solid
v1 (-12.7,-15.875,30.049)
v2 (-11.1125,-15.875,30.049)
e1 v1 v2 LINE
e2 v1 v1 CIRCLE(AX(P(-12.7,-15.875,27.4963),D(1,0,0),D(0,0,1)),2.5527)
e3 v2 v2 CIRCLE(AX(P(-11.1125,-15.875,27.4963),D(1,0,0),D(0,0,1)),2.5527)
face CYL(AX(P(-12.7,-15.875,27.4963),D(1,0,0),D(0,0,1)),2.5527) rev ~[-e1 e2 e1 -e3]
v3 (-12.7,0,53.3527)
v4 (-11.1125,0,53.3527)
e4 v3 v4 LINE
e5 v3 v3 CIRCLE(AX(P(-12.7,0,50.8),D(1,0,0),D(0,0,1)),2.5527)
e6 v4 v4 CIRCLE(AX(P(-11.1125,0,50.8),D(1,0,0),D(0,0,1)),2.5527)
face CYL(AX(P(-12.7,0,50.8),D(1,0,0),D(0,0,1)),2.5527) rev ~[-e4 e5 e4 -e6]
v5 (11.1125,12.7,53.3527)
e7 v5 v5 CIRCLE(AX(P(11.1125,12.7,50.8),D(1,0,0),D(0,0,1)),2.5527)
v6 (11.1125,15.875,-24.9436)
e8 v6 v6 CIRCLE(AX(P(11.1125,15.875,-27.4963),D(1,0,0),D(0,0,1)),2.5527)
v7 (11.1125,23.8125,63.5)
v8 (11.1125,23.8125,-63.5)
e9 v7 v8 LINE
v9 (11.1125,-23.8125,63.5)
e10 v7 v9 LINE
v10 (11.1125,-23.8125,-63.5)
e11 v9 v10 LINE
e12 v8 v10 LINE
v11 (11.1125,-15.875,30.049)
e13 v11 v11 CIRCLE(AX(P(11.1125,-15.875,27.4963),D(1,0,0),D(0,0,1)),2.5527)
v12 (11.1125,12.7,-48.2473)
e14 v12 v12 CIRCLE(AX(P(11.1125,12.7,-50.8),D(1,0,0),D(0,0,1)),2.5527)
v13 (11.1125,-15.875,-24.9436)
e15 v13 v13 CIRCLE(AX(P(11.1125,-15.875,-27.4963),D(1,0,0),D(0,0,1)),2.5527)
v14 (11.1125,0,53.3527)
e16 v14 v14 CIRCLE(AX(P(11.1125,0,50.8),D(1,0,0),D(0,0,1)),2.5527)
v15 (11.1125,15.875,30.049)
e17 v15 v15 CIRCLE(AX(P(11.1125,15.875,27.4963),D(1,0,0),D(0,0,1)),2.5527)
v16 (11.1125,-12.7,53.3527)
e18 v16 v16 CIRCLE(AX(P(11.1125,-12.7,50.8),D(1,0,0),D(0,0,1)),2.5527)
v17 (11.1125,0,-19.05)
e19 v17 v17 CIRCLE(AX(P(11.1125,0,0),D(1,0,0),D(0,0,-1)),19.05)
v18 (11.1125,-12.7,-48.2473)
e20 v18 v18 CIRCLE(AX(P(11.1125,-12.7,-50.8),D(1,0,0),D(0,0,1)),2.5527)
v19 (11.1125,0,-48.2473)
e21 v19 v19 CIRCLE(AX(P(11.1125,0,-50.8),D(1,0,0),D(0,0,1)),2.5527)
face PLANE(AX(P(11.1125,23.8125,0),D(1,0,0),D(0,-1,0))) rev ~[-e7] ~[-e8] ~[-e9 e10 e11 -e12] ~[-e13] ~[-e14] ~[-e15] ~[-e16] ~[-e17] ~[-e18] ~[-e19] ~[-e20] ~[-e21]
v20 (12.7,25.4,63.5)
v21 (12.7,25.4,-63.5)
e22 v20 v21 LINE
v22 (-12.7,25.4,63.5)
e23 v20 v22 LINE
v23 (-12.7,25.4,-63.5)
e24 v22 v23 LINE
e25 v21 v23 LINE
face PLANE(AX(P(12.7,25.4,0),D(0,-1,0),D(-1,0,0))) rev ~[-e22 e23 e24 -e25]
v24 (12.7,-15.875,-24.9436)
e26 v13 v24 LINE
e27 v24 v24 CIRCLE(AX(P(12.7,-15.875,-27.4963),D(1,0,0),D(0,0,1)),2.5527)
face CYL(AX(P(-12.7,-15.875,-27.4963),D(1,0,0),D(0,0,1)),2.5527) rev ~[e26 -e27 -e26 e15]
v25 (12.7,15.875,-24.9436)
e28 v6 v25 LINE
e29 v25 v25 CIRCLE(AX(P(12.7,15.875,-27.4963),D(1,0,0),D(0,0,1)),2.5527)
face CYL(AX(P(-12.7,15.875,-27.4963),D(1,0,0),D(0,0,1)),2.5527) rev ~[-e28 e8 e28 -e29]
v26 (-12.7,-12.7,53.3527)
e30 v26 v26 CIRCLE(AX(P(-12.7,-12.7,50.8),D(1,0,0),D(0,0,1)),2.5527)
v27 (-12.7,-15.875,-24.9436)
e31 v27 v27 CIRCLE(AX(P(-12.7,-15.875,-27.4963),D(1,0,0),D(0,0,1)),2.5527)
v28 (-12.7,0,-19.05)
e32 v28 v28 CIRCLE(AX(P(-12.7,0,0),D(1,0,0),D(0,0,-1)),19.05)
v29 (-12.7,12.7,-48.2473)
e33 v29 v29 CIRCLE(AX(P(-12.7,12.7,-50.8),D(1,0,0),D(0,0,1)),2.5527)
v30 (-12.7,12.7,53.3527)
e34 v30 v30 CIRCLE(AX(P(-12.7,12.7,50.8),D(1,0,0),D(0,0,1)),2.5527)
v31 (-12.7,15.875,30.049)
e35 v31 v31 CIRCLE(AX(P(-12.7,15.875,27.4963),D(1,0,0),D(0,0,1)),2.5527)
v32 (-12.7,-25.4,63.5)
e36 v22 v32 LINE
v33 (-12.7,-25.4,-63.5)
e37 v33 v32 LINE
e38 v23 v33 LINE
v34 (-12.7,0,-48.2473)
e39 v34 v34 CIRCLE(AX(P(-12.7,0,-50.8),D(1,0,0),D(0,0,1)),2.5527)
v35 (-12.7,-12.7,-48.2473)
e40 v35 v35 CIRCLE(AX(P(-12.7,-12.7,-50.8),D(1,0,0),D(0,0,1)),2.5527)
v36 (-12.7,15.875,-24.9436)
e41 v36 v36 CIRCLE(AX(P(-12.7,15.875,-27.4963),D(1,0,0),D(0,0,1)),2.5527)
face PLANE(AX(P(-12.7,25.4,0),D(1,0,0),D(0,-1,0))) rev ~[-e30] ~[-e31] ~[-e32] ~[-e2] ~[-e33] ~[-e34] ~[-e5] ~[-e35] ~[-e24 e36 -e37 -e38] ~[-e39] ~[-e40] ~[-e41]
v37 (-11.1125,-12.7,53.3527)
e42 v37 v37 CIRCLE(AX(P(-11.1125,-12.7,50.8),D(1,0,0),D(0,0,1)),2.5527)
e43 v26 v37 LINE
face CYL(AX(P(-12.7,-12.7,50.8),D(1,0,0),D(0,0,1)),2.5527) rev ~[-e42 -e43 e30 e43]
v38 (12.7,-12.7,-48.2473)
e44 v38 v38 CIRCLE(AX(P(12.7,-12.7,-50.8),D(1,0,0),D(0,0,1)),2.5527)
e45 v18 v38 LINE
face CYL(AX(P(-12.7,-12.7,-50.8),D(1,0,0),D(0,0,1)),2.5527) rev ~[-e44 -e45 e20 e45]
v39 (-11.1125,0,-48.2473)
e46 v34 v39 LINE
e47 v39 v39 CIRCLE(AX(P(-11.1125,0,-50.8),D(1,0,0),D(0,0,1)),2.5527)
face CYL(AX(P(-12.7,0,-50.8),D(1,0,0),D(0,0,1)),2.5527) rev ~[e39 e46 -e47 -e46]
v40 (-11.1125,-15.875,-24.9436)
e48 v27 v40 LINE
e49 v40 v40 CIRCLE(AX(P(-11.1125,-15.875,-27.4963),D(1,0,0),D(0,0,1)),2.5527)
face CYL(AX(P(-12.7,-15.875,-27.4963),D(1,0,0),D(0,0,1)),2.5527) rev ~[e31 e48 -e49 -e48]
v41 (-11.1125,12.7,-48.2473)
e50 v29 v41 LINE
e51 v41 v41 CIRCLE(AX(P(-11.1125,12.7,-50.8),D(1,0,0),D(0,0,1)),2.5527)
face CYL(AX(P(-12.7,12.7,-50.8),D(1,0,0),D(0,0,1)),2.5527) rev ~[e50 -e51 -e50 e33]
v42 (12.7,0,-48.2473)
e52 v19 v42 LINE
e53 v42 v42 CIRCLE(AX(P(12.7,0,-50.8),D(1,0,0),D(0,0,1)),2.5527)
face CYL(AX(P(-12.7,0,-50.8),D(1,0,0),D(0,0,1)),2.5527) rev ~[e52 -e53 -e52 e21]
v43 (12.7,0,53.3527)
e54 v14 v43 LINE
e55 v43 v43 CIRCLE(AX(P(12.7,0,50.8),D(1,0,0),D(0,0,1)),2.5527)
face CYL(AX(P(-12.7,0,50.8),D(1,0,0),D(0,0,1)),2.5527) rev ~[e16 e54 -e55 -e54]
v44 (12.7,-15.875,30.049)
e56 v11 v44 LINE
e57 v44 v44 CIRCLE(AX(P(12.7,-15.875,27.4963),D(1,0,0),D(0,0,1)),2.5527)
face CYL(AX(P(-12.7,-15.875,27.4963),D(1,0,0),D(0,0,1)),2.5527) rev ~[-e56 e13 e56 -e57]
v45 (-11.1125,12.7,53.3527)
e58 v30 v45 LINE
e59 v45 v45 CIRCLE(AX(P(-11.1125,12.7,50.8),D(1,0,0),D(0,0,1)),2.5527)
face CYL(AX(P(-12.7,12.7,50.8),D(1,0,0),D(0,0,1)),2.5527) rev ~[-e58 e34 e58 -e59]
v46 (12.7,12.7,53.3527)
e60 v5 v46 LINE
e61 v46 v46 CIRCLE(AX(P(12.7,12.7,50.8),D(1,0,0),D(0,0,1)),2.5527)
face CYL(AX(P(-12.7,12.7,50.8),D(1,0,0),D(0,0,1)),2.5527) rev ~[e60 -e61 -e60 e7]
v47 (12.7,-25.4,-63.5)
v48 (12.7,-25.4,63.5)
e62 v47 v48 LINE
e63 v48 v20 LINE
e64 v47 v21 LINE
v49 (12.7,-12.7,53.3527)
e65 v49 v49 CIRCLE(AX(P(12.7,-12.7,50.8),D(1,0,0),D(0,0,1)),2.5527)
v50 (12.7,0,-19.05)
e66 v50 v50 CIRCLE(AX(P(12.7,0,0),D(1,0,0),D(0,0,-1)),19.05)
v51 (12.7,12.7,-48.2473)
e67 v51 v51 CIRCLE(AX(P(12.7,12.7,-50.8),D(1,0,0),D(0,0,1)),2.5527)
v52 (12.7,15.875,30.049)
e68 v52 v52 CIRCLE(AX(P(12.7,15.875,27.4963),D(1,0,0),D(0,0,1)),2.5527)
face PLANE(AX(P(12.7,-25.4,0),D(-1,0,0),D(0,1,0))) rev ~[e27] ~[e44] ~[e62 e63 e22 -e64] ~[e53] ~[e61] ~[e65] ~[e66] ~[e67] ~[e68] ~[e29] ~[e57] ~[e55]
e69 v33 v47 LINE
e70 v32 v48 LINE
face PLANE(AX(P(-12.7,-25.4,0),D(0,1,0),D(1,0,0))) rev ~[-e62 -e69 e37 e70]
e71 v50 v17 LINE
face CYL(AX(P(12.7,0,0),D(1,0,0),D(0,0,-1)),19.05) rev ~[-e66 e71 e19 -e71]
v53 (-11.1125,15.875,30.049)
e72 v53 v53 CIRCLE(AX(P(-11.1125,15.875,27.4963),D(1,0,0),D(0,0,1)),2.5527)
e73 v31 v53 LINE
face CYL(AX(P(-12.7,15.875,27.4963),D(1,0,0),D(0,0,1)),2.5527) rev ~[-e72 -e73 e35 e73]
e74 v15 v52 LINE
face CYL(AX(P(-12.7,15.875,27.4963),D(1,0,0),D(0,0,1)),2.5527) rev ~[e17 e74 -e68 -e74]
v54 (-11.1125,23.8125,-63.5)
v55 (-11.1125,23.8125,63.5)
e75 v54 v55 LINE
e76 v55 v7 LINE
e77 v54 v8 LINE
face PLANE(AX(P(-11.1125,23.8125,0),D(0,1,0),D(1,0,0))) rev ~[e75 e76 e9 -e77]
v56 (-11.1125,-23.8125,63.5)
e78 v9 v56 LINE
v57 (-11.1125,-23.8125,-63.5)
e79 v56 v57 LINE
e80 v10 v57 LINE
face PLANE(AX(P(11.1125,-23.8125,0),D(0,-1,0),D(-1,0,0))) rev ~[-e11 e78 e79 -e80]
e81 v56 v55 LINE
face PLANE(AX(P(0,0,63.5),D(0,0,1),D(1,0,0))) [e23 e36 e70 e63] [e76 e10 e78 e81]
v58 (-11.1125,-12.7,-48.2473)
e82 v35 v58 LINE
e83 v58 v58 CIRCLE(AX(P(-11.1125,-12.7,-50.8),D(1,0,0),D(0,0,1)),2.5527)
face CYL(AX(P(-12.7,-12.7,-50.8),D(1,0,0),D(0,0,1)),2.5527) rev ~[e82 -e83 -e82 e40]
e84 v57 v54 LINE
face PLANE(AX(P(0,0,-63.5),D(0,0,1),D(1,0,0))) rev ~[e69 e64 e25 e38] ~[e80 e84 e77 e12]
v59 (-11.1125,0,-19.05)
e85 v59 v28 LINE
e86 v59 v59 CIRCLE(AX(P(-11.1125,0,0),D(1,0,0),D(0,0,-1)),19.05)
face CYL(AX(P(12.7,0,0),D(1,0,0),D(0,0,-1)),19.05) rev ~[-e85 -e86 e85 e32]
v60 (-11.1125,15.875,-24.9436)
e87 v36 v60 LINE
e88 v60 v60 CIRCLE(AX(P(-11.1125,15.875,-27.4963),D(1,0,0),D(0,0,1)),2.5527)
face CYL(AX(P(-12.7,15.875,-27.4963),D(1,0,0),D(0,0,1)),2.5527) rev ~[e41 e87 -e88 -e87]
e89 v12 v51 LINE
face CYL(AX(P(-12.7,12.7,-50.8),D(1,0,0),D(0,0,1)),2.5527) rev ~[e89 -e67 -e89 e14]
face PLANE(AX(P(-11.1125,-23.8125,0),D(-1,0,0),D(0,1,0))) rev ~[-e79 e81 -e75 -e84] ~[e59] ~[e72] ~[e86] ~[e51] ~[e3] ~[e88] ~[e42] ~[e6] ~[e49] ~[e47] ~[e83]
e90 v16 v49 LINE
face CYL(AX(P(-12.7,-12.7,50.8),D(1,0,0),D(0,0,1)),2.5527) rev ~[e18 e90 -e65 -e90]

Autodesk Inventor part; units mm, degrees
ref_plane "YZ Plane" through (0, 0, 0) normal (1, 0, 0) x (0, 1, 0)
ref_plane "XZ Plane" through (0, 0, 0) normal (0, 1, 0) x (-1, 0, 0)
ref_plane "XY Plane" through (0, 0, 0) normal (0, 0, 1) x (1, 0, 0)
sketch "Sketch1" plane through (0, 0, 0) normal (0, 0, 1) x (1, 0, 0)
  line L0 (-12.7, -25.4) -> (12.7, -25.4)
  line L1 (12.7, -25.4) -> (12.7, 25.4)
  line L2 (12.7, 25.4) -> (-12.7, 25.4)
  line L3 (-12.7, 25.4) -> (-12.7, -25.4)
  line L4 (-12.7, -25.4) -> (12.7, 25.4) construction
  line L5 (12.7, -25.4) -> (-12.7, 25.4) construction
  line L6 (-11.1125, 23.8125) -> (11.1125, 23.8125)
  line L7 (11.1125, 23.8125) -> (11.1125, -23.8125)
  line L8 (11.1125, -23.8125) -> (-11.1125, -23.8125)
  line L9 (-11.1125, -23.8125) -> (-11.1125, 23.8125)
  point P0 (0, 0)
  dimension "width" = 25.4
  dimension "height" = 50.8
  dimension "thickness" = 1.5875
extrude "Extrusion1" add sketch "Sketch1" along normal mid plane 127
sketch "Sketch2" plane through (-12.7, -25.4, 63.5) normal (-1, 0, 0) x (0, 0, 1)
  circle A0 centre (-63.5, 25.4) radius 31.75 construction
  line L0 (-127, 0) -> (-127, 50.8) projected
  line L1 (-63.5, 50.8) -> (-63.5, 0) construction
  line L2 (0, 0) -> (-127, 0) construction
  line L3 (-127, 50.8) -> (0, 50.8) construction
  point P0 (-63.5, 57.15)
  point P1 (-90.9963, 41.275)
  point P2 (-90.9963, 9.525)
  point P3 (-63.5, -6.35)
  point P4 (-36.0037, 9.525)
  point P5 (-36.0037, 41.275)
  point P6 (-114.3, 38.1)
  point P7 (-114.3, 25.4)
  point P8 (-114.3, 12.7)
  point P9 (-12.7, 38.1)
  point P10 (-12.7, 25.4)
  point P11 (-12.7, 12.7)
  dimension "d5" = 63.5
  dimension "d8" = 360
  dimension "d17" = 12.7
  dimension "d18" = 12.7
  dimension "d19" = 12.7
hole "Hole1" at (-12.7, 15.875, -27.4963) at (-12.7, -15.875, -27.4963) at (-12.7, -15.875, 27.4963) at (-12.7, 15.875, 27.4963) at (-12.7, 12.7, -50.8) at (-12.7, 0, -50.8) at (-12.7, -12.7, -50.8) at (-12.7, -12.7, 50.8) at (-12.7, 0, 50.8) at (-12.7, 12.7, 50.8) direction (1, 0, 0) diameter 5.1054 end through all clearance for "Flat Head Machine Screw (82)" size "#10" standard "Ansi Unified Screw Threads"
sketch "Sketch3" plane through (12.7, -25.4, 63.5) normal (1, 0, 0) x (0, 0, -1)
  circle A0 centre (63.5, 25.4) radius 19.05
  dimension "d20" = 38.1
extrude "Extrusion2" cut sketch "Sketch3" against normal through all
properties part number "GP4-002" material "Aluminum 6061"
